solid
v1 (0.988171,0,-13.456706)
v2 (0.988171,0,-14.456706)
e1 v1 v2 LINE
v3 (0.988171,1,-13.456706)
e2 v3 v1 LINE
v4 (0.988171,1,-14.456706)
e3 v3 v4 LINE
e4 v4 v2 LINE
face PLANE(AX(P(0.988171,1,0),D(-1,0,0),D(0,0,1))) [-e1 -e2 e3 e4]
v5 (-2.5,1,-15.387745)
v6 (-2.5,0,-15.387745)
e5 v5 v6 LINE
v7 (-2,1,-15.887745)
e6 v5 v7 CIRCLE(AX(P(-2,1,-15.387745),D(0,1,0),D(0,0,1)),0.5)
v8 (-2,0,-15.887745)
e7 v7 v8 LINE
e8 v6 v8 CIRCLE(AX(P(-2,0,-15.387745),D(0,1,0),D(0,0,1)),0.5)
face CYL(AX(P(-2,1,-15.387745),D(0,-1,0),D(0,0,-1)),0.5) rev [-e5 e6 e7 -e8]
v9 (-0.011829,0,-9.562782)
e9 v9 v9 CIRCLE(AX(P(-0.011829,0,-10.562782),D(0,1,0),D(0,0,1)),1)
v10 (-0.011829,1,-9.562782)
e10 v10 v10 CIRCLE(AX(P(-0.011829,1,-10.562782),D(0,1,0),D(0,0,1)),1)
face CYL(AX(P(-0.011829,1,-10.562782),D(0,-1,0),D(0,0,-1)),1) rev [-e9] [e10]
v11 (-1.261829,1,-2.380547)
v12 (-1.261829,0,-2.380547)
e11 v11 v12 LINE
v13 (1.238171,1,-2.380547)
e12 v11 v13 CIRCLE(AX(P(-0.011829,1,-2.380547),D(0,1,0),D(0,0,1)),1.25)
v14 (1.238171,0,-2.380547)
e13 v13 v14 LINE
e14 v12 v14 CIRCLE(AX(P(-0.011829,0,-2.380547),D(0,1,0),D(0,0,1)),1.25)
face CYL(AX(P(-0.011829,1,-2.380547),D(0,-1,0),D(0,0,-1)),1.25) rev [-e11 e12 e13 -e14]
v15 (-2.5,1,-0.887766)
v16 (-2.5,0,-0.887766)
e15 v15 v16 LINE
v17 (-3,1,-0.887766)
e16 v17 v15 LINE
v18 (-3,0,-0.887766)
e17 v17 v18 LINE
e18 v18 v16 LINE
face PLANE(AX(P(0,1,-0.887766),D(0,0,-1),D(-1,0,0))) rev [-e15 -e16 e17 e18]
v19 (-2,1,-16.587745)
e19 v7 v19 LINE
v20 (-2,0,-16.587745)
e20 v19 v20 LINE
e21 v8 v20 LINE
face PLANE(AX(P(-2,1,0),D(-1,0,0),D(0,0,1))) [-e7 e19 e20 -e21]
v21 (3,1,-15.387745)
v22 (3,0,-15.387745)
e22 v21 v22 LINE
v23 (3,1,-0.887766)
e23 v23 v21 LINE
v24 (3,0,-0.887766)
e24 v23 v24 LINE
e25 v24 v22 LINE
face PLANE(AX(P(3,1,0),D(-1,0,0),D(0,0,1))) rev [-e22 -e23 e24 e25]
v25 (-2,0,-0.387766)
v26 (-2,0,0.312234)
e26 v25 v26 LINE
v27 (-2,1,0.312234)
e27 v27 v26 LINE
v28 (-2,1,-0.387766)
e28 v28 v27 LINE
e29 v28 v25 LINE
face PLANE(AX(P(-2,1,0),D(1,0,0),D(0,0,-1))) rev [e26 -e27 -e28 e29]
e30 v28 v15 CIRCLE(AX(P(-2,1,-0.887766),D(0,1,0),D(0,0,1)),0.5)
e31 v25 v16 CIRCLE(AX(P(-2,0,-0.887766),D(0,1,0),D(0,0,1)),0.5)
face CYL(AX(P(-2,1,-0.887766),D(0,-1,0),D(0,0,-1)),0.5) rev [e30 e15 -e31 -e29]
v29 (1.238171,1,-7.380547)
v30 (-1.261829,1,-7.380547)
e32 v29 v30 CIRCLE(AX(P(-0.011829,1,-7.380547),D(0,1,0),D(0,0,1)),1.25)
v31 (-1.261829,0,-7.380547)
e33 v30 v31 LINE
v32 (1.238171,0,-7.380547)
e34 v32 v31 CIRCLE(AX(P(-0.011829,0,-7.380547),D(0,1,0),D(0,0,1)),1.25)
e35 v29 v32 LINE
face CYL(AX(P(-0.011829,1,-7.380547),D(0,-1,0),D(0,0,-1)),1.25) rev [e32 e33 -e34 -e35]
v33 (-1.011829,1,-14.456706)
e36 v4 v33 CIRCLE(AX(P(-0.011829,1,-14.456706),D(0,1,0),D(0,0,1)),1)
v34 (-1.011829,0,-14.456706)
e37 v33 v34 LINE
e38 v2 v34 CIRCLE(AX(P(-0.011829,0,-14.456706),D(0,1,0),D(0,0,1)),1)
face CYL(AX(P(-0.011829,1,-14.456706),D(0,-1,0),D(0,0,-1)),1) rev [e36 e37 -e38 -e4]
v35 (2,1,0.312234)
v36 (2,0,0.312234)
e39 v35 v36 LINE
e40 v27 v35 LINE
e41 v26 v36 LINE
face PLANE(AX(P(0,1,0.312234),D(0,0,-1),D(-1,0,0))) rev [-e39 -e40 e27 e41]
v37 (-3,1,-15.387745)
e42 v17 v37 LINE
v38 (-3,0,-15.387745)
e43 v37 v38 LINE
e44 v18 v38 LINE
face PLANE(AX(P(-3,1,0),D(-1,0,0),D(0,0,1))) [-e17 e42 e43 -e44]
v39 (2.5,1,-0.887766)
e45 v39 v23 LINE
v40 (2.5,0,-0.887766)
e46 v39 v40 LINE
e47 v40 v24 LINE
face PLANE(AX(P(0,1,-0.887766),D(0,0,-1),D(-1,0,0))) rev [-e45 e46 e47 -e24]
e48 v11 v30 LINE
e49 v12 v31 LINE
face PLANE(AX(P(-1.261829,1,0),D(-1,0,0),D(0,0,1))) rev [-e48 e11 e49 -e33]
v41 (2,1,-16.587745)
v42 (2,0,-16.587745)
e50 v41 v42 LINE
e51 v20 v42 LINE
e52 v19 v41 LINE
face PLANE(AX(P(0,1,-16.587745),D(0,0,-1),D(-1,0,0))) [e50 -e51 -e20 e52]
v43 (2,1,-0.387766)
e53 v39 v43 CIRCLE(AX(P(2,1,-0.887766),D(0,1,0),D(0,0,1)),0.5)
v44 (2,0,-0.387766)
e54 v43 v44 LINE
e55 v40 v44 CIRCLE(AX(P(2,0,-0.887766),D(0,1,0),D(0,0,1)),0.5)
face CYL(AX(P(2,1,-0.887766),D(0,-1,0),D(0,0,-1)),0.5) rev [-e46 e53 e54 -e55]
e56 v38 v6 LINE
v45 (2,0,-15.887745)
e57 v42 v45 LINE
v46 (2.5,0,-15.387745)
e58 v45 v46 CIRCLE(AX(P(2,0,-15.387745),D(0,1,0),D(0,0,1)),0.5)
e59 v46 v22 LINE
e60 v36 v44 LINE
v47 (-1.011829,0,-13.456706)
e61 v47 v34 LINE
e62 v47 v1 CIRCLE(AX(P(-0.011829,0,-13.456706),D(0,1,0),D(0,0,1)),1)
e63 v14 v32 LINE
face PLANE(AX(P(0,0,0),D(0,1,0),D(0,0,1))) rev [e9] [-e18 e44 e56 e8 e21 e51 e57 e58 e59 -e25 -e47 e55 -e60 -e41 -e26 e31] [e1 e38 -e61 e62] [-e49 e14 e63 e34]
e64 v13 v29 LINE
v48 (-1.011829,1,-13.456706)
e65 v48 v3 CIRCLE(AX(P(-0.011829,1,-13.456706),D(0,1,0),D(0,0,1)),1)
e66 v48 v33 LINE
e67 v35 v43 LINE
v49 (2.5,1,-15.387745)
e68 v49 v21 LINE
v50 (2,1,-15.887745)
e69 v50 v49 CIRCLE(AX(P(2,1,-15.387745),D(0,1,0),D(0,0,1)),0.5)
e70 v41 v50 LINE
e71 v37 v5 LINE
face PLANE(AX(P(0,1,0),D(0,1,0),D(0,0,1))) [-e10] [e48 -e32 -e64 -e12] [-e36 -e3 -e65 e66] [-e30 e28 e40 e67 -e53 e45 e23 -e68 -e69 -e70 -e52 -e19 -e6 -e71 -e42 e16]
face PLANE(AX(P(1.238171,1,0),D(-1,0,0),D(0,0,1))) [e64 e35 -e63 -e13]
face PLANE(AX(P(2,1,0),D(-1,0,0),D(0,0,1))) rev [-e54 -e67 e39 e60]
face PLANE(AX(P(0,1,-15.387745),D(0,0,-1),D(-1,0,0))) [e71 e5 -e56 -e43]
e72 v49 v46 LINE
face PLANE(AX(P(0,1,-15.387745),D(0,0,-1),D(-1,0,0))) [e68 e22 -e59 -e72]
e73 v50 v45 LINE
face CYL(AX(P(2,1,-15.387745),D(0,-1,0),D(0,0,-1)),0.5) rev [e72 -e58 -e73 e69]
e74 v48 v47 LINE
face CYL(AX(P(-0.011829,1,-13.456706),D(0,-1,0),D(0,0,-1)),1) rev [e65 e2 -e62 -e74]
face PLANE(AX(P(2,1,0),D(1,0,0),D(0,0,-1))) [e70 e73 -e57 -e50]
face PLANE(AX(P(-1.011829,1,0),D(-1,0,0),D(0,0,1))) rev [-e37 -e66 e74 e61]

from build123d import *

# Parameters (mm, degrees)
SKETCH_1_R      = 1
EXTRUDE_1_DEPTH = 1


with BuildPart() as part:
    # 草图1 → 凸台-拉伸1 (new body)
    with BuildSketch(Plane(origin=(0, 0, 0), x_dir=(1, 0, 0), z_dir=(0, 1, 0))):
        with BuildLine():
            Line((-2, 16.38774479), (-2, 15.88774479))
            ThreePointArc((-2, 15.88774479), (-1.646446609, 15.034191399), (-2.5, 15.38774479))
            Line((-2.5, 15.38774479), (-3, 15.38774479))
            Line((-3, 15.38774479), (-3, 14.38774479))
            Line((-3, 14.38774479), (-3, 3.38774479))
            Line((-3, 3.38774479), (-3, 2.087766192))
            Line((-3, 2.087766192), (-3, 0.887766192))
            Line((-3, 0.887766192), (-2.5, 0.887766192))
            ThreePointArc((-2.5, 0.887766192), (-1.646446609, 1.241319582), (-2, 0.387766192))
            Line((-2, 0.387766192), (-2, -0.312233808))
            Line((-2, -0.312233808), (2, -0.312233808))
            Line((2, -0.312233808), (2, 0.387766192))
            ThreePointArc((2, 0.387766192), (1.646446609, 1.241319582), (2.5, 0.887766192))
            Line((2.5, 0.887766192), (3, 0.887766192))
            Line((3, 0.887766192), (3, 2.087766192))
            Line((3, 2.087766192), (3, 3.38774479))
            Line((3, 3.38774479), (3, 14.38774479))
            Line((3, 14.38774479), (3, 15.38774479))
            Line((3, 15.38774479), (2.5, 15.38774479))
            ThreePointArc((2.5, 15.38774479), (1.646446609, 15.034191399), (2, 15.88774479))
            Line((2, 15.88774479), (2, 16.58774479))
            Line((2, 16.58774479), (-2, 16.58774479))
            Line((-2, 16.58774479), (-2, 16.38774479))
        make_face()
        with BuildLine():
            ThreePointArc((1.238170819, 2.380547047), (-0.011829181, 1.130547047), (-1.261829181, 2.380547047))
            Line((-1.261829181, 2.380547047), (-1.261829181, 7.380547047))
            ThreePointArc((-1.261829181, 7.380547047), (-0.011829181, 8.630547047), (1.238170819, 7.380547047))
            Line((1.238170819, 7.380547047), (1.238170819, 2.380547047))
        make_face(mode=Mode.SUBTRACT)
        with Locations(Location((-0.011829181, 10.562782389, 0), (0, 0, 270))):
            Circle(SKETCH_1_R, mode=Mode.SUBTRACT)
        with BuildLine():
            ThreePointArc((0.988170819, 13.456705927), (-0.011829181, 12.456705927), (-1.011829181, 13.456705927))
            Line((-1.011829181, 13.456705927), (-1.011829181, 14.456705927))
            ThreePointArc((-1.011829181, 14.456705927), (-0.011829181, 15.456705927), (0.988170819, 14.456705927))
            Line((0.988170819, 14.456705927), (0.988170819, 13.456705927))
        make_face(mode=Mode.SUBTRACT)
    extrude(amount=EXTRUDE_1_DEPTH)


solid = part.part
